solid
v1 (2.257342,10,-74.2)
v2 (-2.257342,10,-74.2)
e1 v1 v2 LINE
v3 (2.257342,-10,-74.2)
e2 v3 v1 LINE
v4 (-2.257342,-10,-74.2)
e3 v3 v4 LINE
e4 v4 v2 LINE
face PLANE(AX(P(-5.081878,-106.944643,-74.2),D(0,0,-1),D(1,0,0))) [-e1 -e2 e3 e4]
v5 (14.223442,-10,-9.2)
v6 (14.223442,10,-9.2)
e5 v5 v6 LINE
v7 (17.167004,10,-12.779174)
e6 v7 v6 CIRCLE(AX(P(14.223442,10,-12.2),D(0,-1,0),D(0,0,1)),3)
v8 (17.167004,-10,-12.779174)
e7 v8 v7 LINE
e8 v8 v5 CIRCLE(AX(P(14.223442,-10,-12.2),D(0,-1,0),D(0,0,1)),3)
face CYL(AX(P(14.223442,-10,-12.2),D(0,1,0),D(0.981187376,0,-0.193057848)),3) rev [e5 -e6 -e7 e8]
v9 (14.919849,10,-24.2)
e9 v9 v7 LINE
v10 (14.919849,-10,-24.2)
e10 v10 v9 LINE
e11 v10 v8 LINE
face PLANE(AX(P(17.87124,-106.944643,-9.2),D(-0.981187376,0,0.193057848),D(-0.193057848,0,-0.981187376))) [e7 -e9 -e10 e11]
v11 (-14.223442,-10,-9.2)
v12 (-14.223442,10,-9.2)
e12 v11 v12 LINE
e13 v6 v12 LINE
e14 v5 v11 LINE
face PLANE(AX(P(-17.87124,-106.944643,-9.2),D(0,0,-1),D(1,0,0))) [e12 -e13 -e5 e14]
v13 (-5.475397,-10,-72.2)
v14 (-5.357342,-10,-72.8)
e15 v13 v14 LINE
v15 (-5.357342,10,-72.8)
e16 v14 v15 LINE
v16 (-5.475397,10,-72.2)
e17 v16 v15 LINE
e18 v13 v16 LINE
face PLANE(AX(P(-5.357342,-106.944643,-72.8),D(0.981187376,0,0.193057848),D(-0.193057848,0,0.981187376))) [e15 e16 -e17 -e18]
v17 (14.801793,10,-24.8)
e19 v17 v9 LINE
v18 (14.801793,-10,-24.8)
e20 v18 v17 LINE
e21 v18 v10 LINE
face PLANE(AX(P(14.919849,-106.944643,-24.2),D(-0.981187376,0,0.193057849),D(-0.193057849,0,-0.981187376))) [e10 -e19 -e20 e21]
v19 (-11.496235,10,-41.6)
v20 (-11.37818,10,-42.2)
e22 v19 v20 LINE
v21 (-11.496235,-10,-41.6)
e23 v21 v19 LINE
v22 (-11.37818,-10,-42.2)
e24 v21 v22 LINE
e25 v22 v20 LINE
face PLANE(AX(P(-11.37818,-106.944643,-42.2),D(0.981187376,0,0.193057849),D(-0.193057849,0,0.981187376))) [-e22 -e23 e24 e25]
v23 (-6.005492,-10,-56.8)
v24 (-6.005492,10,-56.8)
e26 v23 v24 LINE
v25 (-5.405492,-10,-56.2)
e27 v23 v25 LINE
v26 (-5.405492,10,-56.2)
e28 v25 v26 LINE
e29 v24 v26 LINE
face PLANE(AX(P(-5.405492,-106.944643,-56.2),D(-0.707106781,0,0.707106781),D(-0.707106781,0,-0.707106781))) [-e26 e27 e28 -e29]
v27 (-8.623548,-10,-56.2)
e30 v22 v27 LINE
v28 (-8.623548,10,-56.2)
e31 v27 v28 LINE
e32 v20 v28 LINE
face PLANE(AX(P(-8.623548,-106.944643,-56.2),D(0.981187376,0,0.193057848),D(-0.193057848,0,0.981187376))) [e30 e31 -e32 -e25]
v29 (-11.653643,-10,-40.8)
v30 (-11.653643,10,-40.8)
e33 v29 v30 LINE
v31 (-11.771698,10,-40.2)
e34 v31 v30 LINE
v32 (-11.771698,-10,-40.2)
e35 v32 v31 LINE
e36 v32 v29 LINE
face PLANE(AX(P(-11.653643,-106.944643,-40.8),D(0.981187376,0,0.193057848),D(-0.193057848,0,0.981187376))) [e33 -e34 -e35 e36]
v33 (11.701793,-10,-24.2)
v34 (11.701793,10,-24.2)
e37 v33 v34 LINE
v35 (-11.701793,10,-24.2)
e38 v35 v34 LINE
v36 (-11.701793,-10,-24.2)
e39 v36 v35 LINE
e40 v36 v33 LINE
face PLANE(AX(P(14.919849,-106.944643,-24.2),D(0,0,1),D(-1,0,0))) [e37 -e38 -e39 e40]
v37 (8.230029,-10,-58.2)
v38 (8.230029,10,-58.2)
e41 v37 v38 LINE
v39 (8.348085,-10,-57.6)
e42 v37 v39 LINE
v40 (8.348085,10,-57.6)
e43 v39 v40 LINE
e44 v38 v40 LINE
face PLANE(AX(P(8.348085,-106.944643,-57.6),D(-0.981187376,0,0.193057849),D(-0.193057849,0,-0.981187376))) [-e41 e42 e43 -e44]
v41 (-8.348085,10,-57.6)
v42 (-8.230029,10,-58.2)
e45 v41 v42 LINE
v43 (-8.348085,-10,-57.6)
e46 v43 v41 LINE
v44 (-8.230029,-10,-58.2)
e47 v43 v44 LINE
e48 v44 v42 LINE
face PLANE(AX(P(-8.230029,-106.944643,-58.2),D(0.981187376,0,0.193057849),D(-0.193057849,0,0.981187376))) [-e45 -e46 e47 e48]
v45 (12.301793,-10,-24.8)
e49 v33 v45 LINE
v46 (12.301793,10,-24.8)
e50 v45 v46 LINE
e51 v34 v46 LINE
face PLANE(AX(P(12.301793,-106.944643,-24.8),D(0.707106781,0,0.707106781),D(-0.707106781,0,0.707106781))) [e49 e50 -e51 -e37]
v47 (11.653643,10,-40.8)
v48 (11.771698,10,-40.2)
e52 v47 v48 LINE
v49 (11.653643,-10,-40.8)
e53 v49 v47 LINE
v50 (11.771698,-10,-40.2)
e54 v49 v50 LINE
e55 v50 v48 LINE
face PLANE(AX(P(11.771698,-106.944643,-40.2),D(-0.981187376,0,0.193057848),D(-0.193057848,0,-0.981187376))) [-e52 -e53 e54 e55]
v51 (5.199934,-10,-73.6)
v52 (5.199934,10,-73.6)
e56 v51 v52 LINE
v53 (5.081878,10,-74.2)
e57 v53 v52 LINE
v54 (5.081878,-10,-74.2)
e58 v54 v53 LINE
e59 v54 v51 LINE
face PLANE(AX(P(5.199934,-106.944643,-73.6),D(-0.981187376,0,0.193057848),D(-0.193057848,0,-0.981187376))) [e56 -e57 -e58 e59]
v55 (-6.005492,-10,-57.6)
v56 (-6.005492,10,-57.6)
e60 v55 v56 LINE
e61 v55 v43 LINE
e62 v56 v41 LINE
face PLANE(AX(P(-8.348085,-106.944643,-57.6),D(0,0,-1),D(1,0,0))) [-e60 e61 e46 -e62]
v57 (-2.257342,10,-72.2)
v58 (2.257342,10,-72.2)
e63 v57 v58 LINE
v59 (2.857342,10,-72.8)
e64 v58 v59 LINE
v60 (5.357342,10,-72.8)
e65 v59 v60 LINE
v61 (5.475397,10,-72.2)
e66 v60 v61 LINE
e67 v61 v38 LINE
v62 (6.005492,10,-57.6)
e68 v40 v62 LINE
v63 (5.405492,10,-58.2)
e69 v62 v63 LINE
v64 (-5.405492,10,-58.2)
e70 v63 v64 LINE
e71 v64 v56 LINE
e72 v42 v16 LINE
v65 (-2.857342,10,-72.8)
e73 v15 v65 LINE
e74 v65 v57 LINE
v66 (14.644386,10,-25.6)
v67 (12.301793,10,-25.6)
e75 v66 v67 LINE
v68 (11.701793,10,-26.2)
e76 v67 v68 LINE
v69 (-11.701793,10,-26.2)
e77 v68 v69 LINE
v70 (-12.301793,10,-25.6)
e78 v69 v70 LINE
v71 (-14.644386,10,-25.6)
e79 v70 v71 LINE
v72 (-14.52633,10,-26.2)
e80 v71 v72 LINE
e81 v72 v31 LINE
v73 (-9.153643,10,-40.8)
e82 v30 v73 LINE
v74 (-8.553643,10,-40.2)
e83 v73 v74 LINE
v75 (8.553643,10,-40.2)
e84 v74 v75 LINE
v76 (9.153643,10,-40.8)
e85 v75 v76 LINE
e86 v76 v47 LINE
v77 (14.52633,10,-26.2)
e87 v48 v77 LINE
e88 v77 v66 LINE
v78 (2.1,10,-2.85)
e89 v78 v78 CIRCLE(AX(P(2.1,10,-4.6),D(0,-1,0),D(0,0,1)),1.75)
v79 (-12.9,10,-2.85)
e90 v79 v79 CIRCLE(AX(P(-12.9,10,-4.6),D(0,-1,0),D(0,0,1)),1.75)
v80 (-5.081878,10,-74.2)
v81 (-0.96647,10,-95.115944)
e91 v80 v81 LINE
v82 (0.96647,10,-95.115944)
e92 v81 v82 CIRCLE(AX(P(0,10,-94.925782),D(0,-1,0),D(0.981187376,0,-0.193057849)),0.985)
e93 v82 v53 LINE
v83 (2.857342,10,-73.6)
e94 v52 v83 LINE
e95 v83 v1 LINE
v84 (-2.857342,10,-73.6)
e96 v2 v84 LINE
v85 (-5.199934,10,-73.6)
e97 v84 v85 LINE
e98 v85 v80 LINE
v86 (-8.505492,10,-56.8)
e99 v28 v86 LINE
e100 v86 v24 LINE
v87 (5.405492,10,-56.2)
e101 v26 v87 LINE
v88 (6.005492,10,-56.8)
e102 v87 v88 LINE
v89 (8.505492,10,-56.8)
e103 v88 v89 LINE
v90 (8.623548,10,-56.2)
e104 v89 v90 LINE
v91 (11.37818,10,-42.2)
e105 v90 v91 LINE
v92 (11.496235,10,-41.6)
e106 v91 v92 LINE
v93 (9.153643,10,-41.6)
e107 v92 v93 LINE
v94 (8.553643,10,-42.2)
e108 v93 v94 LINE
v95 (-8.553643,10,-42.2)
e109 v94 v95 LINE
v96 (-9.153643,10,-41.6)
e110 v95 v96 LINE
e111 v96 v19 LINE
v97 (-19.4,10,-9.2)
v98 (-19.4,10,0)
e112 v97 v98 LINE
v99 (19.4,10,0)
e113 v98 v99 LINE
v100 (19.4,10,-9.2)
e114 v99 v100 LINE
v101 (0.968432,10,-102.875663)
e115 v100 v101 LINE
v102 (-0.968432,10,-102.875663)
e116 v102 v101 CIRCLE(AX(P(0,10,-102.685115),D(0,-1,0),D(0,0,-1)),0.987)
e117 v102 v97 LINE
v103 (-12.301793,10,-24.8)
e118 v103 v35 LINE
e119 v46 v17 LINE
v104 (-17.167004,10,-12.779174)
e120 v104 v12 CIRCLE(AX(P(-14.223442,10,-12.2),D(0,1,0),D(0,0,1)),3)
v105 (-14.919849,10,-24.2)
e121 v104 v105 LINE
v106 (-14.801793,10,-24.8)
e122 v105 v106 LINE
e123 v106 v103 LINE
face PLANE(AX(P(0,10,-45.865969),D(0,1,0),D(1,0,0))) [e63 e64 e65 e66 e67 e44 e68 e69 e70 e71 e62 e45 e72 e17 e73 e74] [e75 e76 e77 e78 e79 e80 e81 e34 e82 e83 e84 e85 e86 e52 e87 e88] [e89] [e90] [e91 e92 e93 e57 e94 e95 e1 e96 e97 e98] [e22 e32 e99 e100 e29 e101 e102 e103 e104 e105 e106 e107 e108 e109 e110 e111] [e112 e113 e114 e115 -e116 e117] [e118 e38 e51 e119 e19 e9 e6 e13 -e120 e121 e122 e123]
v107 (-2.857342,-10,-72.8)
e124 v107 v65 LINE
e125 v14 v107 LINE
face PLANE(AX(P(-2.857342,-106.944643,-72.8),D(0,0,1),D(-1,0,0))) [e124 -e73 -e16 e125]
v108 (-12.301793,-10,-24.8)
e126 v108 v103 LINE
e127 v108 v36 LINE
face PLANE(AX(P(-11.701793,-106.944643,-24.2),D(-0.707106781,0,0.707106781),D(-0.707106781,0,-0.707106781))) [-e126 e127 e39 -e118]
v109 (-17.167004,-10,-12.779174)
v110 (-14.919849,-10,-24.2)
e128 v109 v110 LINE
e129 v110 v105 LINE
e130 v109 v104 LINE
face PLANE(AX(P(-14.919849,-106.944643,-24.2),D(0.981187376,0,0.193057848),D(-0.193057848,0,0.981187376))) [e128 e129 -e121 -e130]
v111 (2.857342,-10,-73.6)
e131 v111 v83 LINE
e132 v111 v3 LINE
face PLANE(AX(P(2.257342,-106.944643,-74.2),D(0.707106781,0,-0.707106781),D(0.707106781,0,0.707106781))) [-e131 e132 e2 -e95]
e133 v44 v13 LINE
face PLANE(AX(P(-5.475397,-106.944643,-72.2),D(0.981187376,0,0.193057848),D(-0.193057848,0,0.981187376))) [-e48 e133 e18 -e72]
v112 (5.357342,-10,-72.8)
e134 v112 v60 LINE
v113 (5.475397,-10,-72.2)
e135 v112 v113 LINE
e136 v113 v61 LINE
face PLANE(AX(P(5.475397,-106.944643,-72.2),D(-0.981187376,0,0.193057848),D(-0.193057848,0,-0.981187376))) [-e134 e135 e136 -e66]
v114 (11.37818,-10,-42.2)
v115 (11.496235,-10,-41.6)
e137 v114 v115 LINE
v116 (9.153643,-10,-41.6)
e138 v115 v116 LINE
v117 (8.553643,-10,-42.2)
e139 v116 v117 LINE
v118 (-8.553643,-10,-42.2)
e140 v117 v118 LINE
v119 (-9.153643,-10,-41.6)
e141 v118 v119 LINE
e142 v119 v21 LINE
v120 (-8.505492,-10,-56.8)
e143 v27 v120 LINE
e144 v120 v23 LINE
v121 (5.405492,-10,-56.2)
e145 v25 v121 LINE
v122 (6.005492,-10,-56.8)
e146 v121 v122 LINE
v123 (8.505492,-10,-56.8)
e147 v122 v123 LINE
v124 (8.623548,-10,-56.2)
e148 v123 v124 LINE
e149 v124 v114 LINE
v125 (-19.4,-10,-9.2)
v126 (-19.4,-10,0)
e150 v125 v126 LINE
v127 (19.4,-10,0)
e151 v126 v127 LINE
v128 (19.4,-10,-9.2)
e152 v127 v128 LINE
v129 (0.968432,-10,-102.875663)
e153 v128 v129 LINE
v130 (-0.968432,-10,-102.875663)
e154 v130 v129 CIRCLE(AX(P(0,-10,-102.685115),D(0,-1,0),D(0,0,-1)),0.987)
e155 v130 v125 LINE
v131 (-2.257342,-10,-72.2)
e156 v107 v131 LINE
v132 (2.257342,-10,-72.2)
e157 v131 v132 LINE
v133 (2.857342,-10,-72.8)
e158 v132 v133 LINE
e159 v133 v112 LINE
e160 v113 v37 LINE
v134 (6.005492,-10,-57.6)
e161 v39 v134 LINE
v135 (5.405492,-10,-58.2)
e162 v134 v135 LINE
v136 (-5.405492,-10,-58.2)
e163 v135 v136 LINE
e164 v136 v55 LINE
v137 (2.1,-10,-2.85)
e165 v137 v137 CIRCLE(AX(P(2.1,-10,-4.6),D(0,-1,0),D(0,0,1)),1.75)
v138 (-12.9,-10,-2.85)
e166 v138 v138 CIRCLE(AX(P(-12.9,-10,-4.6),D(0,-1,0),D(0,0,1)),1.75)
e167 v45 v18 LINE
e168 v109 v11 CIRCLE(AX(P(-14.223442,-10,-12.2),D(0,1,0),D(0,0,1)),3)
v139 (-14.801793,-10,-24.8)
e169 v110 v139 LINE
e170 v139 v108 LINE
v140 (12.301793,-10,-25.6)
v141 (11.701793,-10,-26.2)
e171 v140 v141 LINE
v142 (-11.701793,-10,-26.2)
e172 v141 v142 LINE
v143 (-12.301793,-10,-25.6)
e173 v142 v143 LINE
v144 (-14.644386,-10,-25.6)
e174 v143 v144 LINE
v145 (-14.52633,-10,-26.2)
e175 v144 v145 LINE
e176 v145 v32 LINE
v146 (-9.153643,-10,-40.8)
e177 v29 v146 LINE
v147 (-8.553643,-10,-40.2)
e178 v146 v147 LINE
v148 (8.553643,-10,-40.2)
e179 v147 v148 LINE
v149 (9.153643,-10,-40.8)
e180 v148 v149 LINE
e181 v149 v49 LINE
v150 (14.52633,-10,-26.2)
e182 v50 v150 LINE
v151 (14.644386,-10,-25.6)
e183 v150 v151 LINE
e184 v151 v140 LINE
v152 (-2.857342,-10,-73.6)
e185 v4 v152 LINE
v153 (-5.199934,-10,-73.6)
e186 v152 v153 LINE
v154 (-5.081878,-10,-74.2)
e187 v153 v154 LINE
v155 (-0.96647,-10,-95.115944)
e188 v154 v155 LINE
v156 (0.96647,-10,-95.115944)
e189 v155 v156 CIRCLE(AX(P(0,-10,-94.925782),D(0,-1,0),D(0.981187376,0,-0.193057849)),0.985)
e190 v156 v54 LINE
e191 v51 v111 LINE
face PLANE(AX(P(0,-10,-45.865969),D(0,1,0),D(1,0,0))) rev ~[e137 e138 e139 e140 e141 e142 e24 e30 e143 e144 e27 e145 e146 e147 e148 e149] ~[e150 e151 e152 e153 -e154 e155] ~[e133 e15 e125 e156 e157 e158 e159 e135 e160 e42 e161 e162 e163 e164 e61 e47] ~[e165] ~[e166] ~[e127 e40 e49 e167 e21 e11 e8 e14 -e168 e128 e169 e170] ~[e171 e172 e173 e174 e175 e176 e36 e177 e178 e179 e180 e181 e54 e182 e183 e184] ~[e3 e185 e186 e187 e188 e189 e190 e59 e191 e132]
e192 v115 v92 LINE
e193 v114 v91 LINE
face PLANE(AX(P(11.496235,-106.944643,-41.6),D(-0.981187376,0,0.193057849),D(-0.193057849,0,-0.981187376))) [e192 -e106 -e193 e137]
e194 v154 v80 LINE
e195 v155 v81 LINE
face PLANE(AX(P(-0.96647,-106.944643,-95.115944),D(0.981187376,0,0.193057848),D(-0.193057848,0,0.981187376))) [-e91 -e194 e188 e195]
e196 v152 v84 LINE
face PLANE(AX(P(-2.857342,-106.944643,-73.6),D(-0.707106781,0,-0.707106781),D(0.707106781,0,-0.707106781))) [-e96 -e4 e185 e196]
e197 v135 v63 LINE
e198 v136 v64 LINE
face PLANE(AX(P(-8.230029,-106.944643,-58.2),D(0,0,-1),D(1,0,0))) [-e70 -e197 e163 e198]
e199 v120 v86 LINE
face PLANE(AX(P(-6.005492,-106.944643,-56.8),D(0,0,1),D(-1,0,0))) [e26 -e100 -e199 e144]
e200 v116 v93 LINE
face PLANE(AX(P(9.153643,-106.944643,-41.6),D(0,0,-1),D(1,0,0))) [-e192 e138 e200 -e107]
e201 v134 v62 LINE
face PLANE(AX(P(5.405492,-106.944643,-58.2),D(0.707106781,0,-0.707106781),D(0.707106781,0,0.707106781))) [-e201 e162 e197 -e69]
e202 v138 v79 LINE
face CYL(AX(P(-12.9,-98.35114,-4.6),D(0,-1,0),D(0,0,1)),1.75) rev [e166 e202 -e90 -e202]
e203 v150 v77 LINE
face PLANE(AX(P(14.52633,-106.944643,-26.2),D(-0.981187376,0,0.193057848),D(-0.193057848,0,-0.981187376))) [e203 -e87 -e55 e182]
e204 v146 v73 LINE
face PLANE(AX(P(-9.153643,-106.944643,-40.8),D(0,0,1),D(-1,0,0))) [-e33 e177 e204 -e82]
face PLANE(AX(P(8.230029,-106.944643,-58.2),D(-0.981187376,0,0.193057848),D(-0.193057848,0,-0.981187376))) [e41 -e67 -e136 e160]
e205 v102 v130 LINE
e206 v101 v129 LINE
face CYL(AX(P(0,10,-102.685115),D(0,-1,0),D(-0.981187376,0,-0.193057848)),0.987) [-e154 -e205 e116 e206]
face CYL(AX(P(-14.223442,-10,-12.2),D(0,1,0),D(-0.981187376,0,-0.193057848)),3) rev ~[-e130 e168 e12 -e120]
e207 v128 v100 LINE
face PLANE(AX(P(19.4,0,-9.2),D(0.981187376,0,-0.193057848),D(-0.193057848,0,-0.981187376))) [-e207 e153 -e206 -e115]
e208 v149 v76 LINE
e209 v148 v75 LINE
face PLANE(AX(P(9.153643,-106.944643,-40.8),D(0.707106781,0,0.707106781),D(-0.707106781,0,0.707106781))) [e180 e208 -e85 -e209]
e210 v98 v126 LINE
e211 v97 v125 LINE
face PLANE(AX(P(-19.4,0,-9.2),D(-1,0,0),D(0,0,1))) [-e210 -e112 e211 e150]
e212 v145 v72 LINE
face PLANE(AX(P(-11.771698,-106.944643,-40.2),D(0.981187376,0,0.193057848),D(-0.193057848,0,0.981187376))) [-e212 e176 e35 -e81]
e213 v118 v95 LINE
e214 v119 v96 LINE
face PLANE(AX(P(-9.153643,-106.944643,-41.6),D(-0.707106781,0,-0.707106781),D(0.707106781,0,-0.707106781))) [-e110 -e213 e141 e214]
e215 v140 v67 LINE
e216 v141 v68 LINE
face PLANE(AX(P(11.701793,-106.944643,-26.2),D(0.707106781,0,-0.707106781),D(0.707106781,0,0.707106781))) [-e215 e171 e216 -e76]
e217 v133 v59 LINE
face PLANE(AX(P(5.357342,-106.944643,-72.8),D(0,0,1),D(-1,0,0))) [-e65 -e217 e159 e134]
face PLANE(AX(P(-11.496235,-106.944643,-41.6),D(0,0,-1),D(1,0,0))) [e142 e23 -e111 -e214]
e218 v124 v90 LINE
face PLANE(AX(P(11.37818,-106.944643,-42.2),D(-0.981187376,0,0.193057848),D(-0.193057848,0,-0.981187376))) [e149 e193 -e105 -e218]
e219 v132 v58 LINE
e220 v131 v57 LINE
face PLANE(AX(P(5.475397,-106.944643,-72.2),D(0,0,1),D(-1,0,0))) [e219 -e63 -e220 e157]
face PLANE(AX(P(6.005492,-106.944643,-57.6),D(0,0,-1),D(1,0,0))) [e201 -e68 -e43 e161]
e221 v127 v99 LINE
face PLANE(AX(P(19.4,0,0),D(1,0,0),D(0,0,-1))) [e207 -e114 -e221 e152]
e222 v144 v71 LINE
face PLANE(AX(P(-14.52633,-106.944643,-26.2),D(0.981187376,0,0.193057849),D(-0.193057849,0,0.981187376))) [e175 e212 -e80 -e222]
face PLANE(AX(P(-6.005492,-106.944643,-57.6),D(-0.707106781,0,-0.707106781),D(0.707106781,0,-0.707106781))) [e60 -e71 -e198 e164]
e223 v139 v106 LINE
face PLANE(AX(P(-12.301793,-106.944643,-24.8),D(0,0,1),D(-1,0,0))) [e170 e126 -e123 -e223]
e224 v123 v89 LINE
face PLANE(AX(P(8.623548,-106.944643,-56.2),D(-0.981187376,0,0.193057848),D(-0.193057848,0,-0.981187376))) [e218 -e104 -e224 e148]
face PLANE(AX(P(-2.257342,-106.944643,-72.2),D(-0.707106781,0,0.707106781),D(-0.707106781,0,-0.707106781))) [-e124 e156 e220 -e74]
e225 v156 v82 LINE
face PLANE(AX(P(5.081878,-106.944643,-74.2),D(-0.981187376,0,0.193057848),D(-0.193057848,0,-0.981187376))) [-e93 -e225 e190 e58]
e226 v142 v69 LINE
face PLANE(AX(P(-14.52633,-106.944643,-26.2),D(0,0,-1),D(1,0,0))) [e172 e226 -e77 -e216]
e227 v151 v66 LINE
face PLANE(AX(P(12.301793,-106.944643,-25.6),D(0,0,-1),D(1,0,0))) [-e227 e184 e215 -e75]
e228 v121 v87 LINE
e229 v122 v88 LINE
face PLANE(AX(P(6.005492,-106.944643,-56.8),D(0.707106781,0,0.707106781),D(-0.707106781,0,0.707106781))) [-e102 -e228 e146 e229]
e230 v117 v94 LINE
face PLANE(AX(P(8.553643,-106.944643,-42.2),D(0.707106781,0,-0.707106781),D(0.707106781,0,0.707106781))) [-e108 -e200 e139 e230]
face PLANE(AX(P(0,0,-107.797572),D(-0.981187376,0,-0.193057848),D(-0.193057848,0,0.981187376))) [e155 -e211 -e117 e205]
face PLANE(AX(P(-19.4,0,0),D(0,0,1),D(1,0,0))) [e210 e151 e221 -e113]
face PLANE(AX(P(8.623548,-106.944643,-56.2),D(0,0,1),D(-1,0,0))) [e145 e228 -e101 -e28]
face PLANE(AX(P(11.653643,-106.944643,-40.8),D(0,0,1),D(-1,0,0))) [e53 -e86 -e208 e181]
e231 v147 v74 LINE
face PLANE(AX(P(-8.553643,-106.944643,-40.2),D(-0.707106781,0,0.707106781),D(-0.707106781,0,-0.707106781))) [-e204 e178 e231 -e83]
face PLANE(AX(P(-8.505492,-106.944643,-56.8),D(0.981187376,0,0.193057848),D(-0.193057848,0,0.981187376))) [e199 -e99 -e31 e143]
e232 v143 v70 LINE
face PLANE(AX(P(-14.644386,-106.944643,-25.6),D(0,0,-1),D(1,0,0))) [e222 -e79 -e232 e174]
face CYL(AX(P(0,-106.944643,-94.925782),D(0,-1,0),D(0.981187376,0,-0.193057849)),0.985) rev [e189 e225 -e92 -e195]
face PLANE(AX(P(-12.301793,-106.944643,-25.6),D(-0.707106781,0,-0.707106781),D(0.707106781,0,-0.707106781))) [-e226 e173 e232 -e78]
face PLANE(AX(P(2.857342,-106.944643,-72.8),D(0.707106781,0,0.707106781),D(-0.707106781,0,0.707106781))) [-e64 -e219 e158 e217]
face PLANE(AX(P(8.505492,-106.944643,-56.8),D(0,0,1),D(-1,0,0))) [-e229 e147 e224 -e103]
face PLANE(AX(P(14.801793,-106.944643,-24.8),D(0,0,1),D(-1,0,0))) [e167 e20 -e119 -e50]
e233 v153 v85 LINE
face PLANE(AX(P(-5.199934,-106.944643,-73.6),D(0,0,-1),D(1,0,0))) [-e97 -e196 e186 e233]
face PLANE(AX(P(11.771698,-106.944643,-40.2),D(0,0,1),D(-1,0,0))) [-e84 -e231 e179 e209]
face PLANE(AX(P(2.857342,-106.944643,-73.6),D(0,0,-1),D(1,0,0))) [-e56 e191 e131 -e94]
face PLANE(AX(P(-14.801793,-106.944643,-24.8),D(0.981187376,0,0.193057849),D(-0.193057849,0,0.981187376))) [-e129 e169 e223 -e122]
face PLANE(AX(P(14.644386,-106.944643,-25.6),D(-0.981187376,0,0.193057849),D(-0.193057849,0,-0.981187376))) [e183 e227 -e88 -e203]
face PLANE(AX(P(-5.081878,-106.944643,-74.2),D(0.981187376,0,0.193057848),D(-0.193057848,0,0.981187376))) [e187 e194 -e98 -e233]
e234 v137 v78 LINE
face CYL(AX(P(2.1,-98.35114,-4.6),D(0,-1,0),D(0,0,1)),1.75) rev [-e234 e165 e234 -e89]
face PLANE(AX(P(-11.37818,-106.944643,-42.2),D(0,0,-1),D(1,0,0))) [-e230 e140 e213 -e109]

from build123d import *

# Parameters (mm, degrees)
BOSS_EXTRUDE1_DEPTH     = 10
FILLET1_R               = 0.987
CUT_EXTRUDE1_DEPTH      = 106.944642895
CUT_EXTRUDE1_DEPTH_BACK = 106.944642895
CUT_EXTRUDE2_DEPTH      = 108.351140461
CUT_EXTRUDE2_DEPTH_BACK = 108.351140461
SKETCH3_R               = 1.75
CUT_EXTRUDE3_DEPTH      = 106.944642895
CUT_EXTRUDE3_DEPTH_BACK = 106.944642895
FILLET2_R               = 3


with BuildPart() as part:
    # Sketch1 → Boss-Extrude1 (new, symmetric)
    with BuildSketch(Plane(origin=(0, 0, 0), x_dir=(1, 0, 0), z_dir=(0, 1, 0))):
        Polygon((-19.4, 0), (19.4, 0), (19.4, 9.2), (0, 107.797571926), (-19.4, 9.2), align=None)
    extrude(amount=BOSS_EXTRUDE1_DEPTH, both=True)

    # Fillet1
    fillet1_edges = [part.edges().sort_by_distance(p)[0] for p in [
        (0, 0, -107.797571926),
    ]]
    fillet(fillet1_edges, radius=FILLET1_R)

    # Sketch2 → Cut-Extrude1 (cut, two sides: drawn at the far end of the back side and taken through both)
    with BuildSketch(Plane(origin=(0, 0, 0), x_dir=(1, 0, 0), z_dir=(0, 1, 0)).offset(-CUT_EXTRUDE1_DEPTH_BACK)):
        Polygon((-14.919848876, 24.2), (-17.871240013, 9.2), (17.871240013, 9.2), (14.919848876, 24.2), align=None)
        Polygon((-11.771698328, 40.2), (-14.526330057, 26.2), (14.526330057, 26.2), (11.771698328, 40.2), align=None)
        Polygon((-8.623547781, 56.2), (-11.37817951, 42.2), (11.37817951, 42.2), (8.623547781, 56.2), align=None)
        Polygon((-5.475397234, 72.2), (-8.230028963, 58.2), (8.230028963, 58.2), (5.475397234, 72.2), align=None)
        with BuildLine():
            Line((-0.966469566, 95.115944337), (-5.081878416, 74.2))
            Line((-5.081878416, 74.2), (5.081878416, 74.2))
            Line((5.081878416, 74.2), (0.966469566, 95.115944337))
            ThreePointArc((0.966469566, 95.115944337), (0, 95.910782356), (-0.966469566, 95.115944337))
        make_face()
    extrude(amount=CUT_EXTRUDE1_DEPTH + CUT_EXTRUDE1_DEPTH_BACK, mode=Mode.SUBTRACT)

    # Sketch3 → Cut-Extrude2 (cut, two sides: drawn at the far end of the back side and taken through both)
    with BuildSketch(Plane(origin=(0, 10, 0), x_dir=(1, 0, 0), z_dir=(0, 1, 0)).offset(-CUT_EXTRUDE2_DEPTH_BACK)):
        with Locations(Location((-12.9, 4.6, 0), (0, 0, 270))):
            Circle(SKETCH3_R)
        with Locations(Location((2.1, 4.6, 0), (0, 0, 270))):
            Circle(SKETCH3_R)
    extrude(amount=CUT_EXTRUDE2_DEPTH + CUT_EXTRUDE2_DEPTH_BACK, mode=Mode.SUBTRACT)

    # Sketch4 → Cut-Extrude3 (cut, two sides: drawn at the far end of the back side and taken through both)
    with BuildSketch(Plane(origin=(0, 0, 0), x_dir=(1, 0, 0), z_dir=(0, 1, 0)).offset(-CUT_EXTRUDE3_DEPTH_BACK)):
        Polygon((14.919848876, 24.2), (14.80179323, 24.8), (12.30179323, 24.8), (11.70179323, 24.2), align=None)
        Polygon((14.644385703, 25.6), (14.526330057, 26.2), (11.70179323, 26.2), (12.30179323, 25.6), align=None)
        Polygon((-12.30179323, 25.6), (-11.70179323, 26.2), (-14.526330057, 26.2), (-14.644385703, 25.6), align=None)
        Polygon((-12.30179323, 24.8), (-14.80179323, 24.8), (-14.919848876, 24.2), (-11.70179323, 24.2), align=None)
        Polygon((-11.37817951, 42.2), (-11.496235156, 41.6), (-9.153642683, 41.6), (-8.553642683, 42.2), align=None)
        Polygon((-11.771698328, 40.2), (-8.553642683, 40.2), (-9.153642683, 40.8), (-11.653642683, 40.8), align=None)
        Polygon((8.553642683, 40.2), (11.771698328, 40.2), (11.653642683, 40.8), (9.153642683, 40.8), align=None)
        Polygon((9.153642683, 41.6), (11.496235156, 41.6), (11.37817951, 42.2), (8.553642683, 42.2), align=None)
        Polygon((5.405492136, 56.2), (8.623547781, 56.2), (8.505492136, 56.8), (6.005492136, 56.8), align=None)
        Polygon((6.005492136, 57.6), (8.348084609, 57.6), (8.230028963, 58.2), (5.405492136, 58.2), align=None)
        Polygon((-8.230028963, 58.2), (-8.348084609, 57.6), (-6.005492136, 57.6), (-5.405492136, 58.2), align=None)
        Polygon((-8.623547781, 56.2), (-5.405492136, 56.2), (-6.005492136, 56.8), (-8.505492136, 56.8), align=None)
        Polygon((2.257341589, 72.2), (5.475397234, 72.2), (5.357341589, 72.8), (2.857341589, 72.8), align=None)
        Polygon((2.857341589, 73.6), (5.199934061, 73.6), (5.081878416, 74.2), (2.257341589, 74.2), align=None)
        Polygon((-5.081878416, 74.2), (-5.199934061, 73.6), (-2.857341589, 73.6), (-2.257341589, 74.2), align=None)
        Polygon((-5.475397234, 72.2), (-2.257341589, 72.2), (-2.857341589, 72.8), (-5.357341589, 72.8), align=None)
    extrude(amount=CUT_EXTRUDE3_DEPTH + CUT_EXTRUDE3_DEPTH_BACK, mode=Mode.SUBTRACT)

    # Fillet2
    fillet2_edges = [part.edges().sort_by_distance(p)[0] for p in [
        (17.871240013, 0, -9.2),
        (-17.871240013, 0, -9.2),
    ]]
    fillet(fillet2_edges, radius=FILLET2_R)


solid = part.part
